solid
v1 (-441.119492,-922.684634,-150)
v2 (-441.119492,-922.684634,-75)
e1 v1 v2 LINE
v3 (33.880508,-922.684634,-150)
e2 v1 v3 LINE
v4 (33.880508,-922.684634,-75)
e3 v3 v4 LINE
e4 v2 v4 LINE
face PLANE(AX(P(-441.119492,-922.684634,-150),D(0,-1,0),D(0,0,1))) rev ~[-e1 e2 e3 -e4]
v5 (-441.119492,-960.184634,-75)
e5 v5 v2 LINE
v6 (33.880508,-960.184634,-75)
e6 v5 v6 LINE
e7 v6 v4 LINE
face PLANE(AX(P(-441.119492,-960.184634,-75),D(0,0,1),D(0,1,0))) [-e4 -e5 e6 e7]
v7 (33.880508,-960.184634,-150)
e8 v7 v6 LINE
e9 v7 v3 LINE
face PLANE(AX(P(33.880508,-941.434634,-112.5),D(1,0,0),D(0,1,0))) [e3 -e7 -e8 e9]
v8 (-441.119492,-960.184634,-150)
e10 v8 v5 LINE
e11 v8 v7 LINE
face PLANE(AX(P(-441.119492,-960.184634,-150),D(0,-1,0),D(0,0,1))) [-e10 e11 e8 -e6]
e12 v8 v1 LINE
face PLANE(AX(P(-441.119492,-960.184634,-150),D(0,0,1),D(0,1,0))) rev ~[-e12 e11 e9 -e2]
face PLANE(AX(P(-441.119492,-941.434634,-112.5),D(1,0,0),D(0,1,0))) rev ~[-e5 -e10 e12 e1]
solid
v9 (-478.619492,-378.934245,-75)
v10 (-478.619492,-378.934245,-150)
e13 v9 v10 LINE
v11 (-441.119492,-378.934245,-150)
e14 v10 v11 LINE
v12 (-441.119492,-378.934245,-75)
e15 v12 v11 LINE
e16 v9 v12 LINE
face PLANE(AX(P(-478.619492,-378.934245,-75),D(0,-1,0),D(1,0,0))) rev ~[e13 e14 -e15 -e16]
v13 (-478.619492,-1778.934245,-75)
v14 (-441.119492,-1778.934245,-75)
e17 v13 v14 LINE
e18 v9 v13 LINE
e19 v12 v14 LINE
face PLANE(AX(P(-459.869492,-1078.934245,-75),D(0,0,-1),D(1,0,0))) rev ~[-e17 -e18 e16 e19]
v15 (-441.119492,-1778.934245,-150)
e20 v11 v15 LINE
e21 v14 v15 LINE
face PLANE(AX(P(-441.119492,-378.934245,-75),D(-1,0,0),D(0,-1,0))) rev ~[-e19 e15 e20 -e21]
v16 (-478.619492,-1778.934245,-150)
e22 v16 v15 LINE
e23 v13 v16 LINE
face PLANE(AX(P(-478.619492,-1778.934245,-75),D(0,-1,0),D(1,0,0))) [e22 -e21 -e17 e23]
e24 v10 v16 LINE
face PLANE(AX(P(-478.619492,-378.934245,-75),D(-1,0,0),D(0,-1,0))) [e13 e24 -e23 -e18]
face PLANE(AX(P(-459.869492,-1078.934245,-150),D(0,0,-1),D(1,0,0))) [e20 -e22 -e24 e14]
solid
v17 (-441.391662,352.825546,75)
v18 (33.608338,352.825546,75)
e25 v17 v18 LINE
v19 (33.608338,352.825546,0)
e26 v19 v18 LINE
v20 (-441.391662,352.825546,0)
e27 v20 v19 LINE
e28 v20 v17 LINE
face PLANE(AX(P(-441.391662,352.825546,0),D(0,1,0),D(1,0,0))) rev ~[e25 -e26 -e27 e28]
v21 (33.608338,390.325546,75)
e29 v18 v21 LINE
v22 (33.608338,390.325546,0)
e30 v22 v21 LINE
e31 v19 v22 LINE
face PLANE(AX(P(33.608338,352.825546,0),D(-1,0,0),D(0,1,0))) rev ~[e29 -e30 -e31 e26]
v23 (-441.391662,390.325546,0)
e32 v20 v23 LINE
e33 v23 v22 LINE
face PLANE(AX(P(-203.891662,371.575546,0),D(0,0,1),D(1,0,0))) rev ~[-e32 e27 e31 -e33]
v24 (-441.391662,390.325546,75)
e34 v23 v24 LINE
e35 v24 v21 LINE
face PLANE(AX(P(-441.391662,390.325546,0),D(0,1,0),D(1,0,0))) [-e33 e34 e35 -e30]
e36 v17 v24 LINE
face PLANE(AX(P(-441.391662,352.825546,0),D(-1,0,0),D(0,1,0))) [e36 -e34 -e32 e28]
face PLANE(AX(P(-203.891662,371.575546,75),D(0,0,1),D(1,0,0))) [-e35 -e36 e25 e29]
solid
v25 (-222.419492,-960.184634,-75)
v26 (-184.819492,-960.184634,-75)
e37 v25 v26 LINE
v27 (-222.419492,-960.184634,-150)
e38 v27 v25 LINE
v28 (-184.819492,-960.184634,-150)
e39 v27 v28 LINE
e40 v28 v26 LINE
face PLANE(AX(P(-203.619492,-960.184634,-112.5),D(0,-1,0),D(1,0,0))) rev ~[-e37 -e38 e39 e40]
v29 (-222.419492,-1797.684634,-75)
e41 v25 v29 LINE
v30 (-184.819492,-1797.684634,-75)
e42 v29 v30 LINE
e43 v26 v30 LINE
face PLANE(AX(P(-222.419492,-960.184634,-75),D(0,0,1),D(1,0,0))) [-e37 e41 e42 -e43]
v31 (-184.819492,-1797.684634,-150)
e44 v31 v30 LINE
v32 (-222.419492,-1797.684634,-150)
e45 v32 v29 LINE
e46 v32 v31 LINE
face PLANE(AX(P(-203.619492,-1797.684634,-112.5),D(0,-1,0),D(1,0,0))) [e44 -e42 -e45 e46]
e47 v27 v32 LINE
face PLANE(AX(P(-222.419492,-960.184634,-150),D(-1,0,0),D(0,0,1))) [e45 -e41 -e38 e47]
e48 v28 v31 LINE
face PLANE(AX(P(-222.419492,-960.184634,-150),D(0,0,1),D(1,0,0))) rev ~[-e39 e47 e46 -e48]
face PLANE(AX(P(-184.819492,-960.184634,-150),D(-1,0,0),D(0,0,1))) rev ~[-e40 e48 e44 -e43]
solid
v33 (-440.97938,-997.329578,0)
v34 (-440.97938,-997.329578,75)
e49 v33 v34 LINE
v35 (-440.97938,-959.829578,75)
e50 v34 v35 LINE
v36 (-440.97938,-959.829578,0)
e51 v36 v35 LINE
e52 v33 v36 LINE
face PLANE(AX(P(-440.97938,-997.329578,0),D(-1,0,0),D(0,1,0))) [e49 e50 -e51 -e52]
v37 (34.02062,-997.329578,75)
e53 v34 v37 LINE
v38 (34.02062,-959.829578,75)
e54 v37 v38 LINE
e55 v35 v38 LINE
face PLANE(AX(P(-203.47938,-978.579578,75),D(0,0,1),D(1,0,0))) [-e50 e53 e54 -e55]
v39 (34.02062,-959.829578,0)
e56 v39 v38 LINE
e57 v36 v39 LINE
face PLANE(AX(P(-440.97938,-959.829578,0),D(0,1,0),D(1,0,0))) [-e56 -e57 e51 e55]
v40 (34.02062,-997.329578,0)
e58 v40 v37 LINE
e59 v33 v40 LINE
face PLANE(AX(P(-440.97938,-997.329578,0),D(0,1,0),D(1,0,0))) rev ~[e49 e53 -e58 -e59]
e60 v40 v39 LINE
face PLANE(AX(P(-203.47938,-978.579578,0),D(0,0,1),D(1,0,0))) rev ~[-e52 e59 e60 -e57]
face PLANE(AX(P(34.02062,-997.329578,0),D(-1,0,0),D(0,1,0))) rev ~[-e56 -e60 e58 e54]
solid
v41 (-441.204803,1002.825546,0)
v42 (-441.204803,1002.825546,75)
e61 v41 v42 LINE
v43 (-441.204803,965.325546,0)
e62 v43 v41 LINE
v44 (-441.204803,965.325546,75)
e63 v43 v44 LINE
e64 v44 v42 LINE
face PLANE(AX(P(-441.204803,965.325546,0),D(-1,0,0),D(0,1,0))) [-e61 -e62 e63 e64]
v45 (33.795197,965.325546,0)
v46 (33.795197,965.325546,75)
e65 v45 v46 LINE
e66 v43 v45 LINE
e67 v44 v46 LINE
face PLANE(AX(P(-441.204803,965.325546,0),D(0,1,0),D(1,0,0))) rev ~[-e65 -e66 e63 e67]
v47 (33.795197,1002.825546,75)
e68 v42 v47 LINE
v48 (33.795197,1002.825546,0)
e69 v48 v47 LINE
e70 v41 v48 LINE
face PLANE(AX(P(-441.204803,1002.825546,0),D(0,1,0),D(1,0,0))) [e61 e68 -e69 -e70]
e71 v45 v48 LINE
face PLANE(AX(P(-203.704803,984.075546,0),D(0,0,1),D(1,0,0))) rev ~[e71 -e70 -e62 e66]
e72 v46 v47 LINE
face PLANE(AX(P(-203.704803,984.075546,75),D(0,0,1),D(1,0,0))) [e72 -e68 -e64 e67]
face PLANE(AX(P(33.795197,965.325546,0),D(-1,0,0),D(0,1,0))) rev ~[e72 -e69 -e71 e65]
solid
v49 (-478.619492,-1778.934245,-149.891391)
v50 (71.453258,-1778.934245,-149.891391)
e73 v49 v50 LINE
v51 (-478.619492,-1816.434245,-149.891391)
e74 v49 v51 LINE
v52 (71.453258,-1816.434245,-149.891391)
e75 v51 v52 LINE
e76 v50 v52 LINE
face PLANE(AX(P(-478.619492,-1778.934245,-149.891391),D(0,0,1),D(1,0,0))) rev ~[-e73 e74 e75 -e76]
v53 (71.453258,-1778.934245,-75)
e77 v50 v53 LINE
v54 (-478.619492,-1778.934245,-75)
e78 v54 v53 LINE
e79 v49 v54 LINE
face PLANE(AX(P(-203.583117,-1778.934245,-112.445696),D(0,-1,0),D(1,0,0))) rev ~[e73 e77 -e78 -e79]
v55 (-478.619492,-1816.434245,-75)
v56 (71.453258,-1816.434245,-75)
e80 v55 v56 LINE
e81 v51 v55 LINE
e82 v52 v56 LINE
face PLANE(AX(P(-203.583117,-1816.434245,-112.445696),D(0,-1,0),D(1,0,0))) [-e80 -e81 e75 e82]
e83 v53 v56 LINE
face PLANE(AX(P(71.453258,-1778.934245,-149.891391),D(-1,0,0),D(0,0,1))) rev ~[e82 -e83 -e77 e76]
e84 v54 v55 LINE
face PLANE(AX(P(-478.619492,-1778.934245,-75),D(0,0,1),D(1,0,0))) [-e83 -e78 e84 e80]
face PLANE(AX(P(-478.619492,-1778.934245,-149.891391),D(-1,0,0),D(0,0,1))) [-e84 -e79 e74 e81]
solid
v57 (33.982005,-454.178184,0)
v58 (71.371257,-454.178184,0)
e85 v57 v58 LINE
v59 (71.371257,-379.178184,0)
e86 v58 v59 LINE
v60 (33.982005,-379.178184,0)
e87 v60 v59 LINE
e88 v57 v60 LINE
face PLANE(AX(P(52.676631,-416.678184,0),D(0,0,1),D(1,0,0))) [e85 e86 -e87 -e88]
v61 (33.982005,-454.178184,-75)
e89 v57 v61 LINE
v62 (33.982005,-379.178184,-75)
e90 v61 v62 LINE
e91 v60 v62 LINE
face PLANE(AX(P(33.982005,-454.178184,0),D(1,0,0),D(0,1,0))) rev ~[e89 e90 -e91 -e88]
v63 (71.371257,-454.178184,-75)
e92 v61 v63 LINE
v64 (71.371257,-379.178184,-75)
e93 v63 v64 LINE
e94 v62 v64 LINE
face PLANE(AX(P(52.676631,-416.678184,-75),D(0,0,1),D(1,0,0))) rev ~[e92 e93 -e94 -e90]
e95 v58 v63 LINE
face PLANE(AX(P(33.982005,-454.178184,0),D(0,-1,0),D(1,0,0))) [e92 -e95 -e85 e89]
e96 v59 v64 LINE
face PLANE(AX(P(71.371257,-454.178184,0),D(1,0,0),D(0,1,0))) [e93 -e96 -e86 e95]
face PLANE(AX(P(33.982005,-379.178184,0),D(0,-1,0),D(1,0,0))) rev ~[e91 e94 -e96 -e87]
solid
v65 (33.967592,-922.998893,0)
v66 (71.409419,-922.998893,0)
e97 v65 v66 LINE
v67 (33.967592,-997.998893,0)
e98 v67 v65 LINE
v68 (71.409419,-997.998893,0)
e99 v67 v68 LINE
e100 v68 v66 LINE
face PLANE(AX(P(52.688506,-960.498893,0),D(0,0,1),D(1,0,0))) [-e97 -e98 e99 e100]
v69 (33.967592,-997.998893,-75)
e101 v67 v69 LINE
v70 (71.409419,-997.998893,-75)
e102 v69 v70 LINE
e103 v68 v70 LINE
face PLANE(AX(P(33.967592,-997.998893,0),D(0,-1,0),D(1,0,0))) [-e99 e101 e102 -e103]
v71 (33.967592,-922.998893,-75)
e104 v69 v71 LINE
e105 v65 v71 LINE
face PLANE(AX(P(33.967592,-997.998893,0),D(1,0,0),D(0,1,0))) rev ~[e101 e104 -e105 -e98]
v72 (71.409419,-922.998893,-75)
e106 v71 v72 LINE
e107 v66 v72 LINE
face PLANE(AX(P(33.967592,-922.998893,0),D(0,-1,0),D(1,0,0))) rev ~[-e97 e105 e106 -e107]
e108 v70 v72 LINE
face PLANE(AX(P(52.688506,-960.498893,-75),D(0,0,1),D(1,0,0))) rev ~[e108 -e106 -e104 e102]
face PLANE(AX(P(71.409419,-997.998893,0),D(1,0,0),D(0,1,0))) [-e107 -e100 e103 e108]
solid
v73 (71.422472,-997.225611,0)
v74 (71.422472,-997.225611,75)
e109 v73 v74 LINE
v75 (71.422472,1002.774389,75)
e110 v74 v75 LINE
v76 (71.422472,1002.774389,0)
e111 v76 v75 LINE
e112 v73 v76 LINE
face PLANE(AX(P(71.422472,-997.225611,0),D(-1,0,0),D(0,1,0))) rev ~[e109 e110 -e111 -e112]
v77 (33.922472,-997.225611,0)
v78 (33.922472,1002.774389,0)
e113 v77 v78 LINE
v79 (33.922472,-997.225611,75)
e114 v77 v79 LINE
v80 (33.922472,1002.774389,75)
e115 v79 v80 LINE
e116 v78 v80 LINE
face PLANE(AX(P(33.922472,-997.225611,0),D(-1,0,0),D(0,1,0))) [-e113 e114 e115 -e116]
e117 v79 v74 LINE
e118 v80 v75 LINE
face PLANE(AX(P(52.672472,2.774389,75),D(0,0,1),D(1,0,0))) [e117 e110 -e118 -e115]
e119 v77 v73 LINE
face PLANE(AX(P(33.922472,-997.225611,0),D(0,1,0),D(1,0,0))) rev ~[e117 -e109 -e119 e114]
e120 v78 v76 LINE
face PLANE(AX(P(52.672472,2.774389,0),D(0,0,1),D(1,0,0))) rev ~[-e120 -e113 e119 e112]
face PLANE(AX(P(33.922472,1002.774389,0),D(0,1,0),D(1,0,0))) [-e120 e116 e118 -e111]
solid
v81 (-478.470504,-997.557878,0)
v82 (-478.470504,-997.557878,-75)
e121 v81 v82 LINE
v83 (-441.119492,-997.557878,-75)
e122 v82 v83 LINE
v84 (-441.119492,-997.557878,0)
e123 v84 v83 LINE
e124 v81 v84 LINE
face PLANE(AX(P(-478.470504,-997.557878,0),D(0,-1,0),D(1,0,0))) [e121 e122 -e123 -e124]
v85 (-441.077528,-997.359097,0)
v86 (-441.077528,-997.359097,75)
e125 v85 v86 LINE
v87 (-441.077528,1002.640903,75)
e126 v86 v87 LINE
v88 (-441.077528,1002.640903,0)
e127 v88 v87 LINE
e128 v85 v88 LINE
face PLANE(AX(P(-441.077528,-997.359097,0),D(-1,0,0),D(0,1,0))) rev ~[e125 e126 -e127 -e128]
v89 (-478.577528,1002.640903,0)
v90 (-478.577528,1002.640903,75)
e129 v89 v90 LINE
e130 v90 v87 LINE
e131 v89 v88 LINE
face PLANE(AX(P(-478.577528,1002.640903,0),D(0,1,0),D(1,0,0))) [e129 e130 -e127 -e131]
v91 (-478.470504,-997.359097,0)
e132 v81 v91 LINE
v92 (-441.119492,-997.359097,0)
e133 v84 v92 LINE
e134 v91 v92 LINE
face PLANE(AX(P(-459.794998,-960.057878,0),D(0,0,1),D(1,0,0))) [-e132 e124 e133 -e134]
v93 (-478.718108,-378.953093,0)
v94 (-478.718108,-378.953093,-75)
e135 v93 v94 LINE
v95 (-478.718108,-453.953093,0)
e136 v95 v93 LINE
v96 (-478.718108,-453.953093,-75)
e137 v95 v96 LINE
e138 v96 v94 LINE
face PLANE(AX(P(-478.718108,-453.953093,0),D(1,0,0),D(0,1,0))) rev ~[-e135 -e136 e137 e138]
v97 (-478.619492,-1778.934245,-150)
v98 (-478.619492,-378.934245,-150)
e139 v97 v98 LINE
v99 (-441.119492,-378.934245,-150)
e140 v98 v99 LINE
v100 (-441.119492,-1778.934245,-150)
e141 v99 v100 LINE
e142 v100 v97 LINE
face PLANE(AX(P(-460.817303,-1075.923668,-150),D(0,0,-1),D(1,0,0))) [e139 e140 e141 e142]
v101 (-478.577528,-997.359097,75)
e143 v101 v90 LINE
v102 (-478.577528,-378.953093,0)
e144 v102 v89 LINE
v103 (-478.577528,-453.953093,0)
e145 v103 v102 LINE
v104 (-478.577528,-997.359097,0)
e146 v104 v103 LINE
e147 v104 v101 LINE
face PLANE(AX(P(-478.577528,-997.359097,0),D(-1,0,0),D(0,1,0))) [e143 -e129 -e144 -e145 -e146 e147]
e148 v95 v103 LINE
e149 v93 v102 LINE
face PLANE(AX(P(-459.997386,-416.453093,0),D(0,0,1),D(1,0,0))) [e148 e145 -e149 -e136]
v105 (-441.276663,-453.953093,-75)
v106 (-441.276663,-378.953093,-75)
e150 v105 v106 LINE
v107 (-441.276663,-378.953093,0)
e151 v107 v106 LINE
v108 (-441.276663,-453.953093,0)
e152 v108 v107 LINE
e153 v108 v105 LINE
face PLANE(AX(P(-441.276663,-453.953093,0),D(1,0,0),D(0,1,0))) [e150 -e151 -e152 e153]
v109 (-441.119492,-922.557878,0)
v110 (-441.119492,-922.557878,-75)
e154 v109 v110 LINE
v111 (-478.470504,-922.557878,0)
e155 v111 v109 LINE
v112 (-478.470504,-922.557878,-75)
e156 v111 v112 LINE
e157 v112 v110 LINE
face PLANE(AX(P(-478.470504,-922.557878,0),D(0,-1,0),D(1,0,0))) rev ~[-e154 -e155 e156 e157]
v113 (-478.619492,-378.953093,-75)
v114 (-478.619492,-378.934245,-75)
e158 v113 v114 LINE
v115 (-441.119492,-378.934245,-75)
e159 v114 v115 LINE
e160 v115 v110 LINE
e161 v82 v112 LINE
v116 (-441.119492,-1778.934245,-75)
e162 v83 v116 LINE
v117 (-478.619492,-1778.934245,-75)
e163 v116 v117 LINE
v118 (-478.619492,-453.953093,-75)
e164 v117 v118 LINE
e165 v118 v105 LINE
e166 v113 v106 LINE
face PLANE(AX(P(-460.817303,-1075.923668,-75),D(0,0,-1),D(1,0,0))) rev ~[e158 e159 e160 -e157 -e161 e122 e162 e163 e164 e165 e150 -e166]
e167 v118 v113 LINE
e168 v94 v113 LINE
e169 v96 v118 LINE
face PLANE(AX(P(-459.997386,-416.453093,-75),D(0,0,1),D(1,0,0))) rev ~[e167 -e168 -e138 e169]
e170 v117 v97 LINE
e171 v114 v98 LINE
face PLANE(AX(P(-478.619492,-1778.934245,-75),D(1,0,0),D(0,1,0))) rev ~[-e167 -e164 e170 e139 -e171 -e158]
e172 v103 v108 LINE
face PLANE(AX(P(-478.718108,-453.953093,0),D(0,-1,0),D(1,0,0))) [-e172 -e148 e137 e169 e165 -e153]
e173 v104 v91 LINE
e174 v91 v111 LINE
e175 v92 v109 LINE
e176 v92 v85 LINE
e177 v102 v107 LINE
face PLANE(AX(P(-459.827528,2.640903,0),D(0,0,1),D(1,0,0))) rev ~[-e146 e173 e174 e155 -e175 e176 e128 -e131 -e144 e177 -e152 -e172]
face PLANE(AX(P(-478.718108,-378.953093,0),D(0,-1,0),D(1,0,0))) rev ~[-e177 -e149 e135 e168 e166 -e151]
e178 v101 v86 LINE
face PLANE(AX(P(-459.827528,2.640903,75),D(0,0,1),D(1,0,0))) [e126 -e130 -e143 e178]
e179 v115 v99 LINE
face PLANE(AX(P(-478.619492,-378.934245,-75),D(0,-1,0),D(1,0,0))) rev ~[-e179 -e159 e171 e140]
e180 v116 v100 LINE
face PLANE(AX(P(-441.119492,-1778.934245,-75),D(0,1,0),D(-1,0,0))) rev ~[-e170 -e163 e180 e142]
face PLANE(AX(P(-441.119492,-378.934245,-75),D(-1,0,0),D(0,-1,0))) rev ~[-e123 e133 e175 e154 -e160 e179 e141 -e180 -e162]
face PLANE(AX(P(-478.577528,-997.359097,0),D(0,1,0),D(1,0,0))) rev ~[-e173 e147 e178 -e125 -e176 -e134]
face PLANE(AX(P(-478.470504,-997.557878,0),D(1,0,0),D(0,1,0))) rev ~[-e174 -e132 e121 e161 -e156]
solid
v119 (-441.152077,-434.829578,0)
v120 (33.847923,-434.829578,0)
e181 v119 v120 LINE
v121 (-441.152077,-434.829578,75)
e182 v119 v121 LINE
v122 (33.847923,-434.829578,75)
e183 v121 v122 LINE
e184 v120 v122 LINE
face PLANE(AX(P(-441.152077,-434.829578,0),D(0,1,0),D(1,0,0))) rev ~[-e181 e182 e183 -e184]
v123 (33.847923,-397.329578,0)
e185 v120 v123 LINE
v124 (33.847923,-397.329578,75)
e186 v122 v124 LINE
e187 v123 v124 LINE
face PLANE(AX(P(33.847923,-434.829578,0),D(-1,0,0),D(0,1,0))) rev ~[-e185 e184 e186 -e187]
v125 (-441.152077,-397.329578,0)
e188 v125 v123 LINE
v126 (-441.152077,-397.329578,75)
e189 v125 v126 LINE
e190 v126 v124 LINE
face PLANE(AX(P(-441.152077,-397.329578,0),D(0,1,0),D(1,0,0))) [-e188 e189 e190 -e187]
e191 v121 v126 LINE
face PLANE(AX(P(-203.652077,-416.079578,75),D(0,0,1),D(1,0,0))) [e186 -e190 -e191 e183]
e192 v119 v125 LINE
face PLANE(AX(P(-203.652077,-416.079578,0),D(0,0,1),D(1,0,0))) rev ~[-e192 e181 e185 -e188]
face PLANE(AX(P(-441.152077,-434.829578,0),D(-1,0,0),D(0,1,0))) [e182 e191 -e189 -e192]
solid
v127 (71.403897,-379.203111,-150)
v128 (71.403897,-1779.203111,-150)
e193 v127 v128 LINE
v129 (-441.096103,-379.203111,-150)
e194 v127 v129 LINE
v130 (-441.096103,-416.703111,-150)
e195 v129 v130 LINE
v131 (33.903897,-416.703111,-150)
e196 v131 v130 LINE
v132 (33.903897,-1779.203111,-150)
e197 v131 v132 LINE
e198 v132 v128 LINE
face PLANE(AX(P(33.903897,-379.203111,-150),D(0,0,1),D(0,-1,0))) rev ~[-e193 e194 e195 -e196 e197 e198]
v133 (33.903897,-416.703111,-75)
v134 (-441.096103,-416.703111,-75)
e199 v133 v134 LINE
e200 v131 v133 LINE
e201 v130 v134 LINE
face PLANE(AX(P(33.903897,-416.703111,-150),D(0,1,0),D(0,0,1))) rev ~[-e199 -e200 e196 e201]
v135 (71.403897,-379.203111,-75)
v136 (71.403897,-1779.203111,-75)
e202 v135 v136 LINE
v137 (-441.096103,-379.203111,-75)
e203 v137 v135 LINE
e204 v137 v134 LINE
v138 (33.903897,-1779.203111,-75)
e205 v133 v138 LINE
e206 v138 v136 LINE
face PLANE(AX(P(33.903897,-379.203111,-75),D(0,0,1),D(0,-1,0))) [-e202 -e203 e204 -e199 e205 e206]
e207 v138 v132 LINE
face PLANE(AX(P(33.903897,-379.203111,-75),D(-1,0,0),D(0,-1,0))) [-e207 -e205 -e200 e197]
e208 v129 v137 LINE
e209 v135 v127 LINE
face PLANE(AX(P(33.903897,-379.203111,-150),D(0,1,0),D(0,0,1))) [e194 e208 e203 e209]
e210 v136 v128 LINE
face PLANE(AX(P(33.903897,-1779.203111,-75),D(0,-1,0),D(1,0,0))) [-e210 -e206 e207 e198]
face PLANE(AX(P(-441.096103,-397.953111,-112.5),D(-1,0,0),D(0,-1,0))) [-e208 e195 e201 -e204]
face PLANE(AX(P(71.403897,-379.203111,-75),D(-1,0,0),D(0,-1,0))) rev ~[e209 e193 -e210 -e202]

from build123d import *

# Parameters (mm, degrees)
F0_W      = 37.5
F0_H      = 2000
F2_DEPTH  = 75
F1_W      = 475
F1_H      = 37.5
F3_W      = 37.4414445066
F3_H      = 75
F3_W_2    = 37.3510122299
F4_DEPTH  = 75
F3_W_3    = 37.4418273568
F3_W_4    = 37.3892523348
F5_W      = 37.3510122299
F5_H      = 75
F6_DEPTH  = 75
F5_W_2    = 37.5
F5_H_2    = 1400
F7_DEPTH  = 75
F8_W      = 37.5
F8_H      = 75
F9_DEPTH  = 475
F10_W     = 550.0727504492
F10_H     = 74.8913913965
F11_DEPTH = 37.5
F12_W     = 37.5
F12_H     = 75
F13_DEPTH = 475
F14_W     = 37.6
F14_H     = 75
F15_DEPTH = 837.5


with BuildPart() as f2:
    # F0 (on Top) → F2 (new body)
    with BuildSketch(Plane.XY):
        with Locations((52.6724718511, 2.7743894607)):
            Rectangle(F0_W, F0_H)
    extrude(amount=F2_DEPTH)


with BuildPart() as f2b:
    # F0 (on Top) → F2, piece 2 (new body)
    with BuildSketch(Plane.XY):
        with Locations((-459.8275281489, 2.6409029961)):
            Rectangle(F0_W, F0_H)
    extrude(amount=F2_DEPTH)

    # F3 (on Top) → F4 (join)
    with BuildSketch(Plane.XY):
        with Locations((-459.9973857403, -416.4530932903)):
            Rectangle(F3_W, F3_H)
        with Locations((-459.7949981689, -960.0578784943)):
            Rectangle(F3_W_2, F3_H)
    extrude(amount=-F4_DEPTH)

    # F5 (on face) → F6 (join)
    with BuildSketch(Plane(origin=(0, 0, -75), x_dir=(1, 0, 0), z_dir=(0, 0, -1))):
        Polygon((-478.619492054, 1778.9342453794), (-478.619492054, 378.9342453794), (-441.119492054, 378.9342453794), (-441.119492054, 922.5578784943), (-478.4705042839, 922.5578784943), (-478.4705042839, 997.5578784943), (-441.119492054, 997.5578784943), (-441.119492054, 1778.9342453794), align=None)
        with Locations((-459.7949981689, 960.0578784943)):
            Rectangle(F5_W, F5_H)
    extrude(amount=F6_DEPTH)


with BuildPart() as f2c:
    # F1 (on Top) → F2, piece 3 (new body)
    with BuildSketch(Plane.XY):
        with Locations((-203.7048033006, 984.0755462646)):
            Rectangle(F1_W, F1_H)
    extrude(amount=F2_DEPTH)


with BuildPart() as f2d:
    # F1 (on Top) → F2, piece 4 (new body)
    with BuildSketch(Plane.XY):
        with Locations((-203.8916617632, 371.5755462646)):
            Rectangle(F1_W, F1_H)
    extrude(amount=F2_DEPTH)


with BuildPart() as f2e:
    # F1 (on Top) → F2, piece 5 (new body)
    with BuildSketch(Plane.XY):
        with Locations((-203.4793801606, -978.5795778036)):
            Rectangle(F1_W, F1_H)
    extrude(amount=F2_DEPTH)


with BuildPart() as f2f:
    # F1 (on Top) → F2, piece 6 (new body)
    with BuildSketch(Plane.XY):
        with Locations((-203.6520771682, -416.0795778036)):
            Rectangle(F1_W, F1_H)
    extrude(amount=F2_DEPTH)


with BuildPart() as f4:
    # F3 (on Top) → F4, piece 2 (new body)
    with BuildSketch(Plane.XY):
        with Locations((52.6885055006, -960.498893261)):
            Rectangle(F3_W_3, F3_H)
        with Locations((52.6766311377, -416.6781842709)):
            Rectangle(F3_W_4, F3_H)
    extrude(amount=-F4_DEPTH)


with BuildPart() as f7:
    # F5 (on face) → F7 (new body)
    with BuildSketch(Plane(origin=(0, 0, -75), x_dir=(1, 0, 0), z_dir=(0, 0, -1))):
        with Locations((-459.869492054, 1078.9342453794)):
            Rectangle(F5_W_2, F5_H_2)
    extrude(amount=F7_DEPTH)


with BuildPart() as f7b:
    # F5 (on face) → F7, piece 2 (new body)
    with BuildSketch(Plane(origin=(0, 0, -75), x_dir=(1, 0, 0), z_dir=(0, 0, -1))):
        with Locations((52.6538968086, 1079.2031109333)):
            Rectangle(F5_W_2, F5_H_2)
    extrude(amount=F7_DEPTH)

    # F8 (on face) → F9 (join)
    with BuildSketch(Plane(origin=(33.9038968086, 0, 0), x_dir=(0, -1, 0), z_dir=(-1, 0, 0))):
        with Locations((397.9531109333, -112.5)):
            Rectangle(F8_W, F8_H)
    extrude(amount=F9_DEPTH)


with BuildPart() as f11:
    # F10 (on face) → F11 (new body)
    with BuildSketch(Plane.XZ.offset(1778.9342453794)):
        with Locations((-203.5831168294, -112.4456956983)):
            Rectangle(F10_W, F10_H)
    extrude(amount=F11_DEPTH)


with BuildPart() as f13:
    # F12 (on face) → F13 (new body)
    with BuildSketch(Plane.YZ.offset(-441.119492054)):
        with Locations((-941.4346337318, -112.5)):
            Rectangle(F12_W, F12_H)
    extrude(amount=F13_DEPTH)


with BuildPart() as f15:
    # F14 (on face) → F15 (new body)
    with BuildSketch(Plane.XZ.offset(960.1846337318)):
        with Locations((-203.619492054, -112.5)):
            Rectangle(F14_W, F14_H)
    extrude(amount=F15_DEPTH)


solid = Compound([f2.part, f2b.part, f2c.part, f2d.part, f2e.part, f2f.part, f4.part, f7.part, f7b.part, f11.part, f13.part, f15.part])
